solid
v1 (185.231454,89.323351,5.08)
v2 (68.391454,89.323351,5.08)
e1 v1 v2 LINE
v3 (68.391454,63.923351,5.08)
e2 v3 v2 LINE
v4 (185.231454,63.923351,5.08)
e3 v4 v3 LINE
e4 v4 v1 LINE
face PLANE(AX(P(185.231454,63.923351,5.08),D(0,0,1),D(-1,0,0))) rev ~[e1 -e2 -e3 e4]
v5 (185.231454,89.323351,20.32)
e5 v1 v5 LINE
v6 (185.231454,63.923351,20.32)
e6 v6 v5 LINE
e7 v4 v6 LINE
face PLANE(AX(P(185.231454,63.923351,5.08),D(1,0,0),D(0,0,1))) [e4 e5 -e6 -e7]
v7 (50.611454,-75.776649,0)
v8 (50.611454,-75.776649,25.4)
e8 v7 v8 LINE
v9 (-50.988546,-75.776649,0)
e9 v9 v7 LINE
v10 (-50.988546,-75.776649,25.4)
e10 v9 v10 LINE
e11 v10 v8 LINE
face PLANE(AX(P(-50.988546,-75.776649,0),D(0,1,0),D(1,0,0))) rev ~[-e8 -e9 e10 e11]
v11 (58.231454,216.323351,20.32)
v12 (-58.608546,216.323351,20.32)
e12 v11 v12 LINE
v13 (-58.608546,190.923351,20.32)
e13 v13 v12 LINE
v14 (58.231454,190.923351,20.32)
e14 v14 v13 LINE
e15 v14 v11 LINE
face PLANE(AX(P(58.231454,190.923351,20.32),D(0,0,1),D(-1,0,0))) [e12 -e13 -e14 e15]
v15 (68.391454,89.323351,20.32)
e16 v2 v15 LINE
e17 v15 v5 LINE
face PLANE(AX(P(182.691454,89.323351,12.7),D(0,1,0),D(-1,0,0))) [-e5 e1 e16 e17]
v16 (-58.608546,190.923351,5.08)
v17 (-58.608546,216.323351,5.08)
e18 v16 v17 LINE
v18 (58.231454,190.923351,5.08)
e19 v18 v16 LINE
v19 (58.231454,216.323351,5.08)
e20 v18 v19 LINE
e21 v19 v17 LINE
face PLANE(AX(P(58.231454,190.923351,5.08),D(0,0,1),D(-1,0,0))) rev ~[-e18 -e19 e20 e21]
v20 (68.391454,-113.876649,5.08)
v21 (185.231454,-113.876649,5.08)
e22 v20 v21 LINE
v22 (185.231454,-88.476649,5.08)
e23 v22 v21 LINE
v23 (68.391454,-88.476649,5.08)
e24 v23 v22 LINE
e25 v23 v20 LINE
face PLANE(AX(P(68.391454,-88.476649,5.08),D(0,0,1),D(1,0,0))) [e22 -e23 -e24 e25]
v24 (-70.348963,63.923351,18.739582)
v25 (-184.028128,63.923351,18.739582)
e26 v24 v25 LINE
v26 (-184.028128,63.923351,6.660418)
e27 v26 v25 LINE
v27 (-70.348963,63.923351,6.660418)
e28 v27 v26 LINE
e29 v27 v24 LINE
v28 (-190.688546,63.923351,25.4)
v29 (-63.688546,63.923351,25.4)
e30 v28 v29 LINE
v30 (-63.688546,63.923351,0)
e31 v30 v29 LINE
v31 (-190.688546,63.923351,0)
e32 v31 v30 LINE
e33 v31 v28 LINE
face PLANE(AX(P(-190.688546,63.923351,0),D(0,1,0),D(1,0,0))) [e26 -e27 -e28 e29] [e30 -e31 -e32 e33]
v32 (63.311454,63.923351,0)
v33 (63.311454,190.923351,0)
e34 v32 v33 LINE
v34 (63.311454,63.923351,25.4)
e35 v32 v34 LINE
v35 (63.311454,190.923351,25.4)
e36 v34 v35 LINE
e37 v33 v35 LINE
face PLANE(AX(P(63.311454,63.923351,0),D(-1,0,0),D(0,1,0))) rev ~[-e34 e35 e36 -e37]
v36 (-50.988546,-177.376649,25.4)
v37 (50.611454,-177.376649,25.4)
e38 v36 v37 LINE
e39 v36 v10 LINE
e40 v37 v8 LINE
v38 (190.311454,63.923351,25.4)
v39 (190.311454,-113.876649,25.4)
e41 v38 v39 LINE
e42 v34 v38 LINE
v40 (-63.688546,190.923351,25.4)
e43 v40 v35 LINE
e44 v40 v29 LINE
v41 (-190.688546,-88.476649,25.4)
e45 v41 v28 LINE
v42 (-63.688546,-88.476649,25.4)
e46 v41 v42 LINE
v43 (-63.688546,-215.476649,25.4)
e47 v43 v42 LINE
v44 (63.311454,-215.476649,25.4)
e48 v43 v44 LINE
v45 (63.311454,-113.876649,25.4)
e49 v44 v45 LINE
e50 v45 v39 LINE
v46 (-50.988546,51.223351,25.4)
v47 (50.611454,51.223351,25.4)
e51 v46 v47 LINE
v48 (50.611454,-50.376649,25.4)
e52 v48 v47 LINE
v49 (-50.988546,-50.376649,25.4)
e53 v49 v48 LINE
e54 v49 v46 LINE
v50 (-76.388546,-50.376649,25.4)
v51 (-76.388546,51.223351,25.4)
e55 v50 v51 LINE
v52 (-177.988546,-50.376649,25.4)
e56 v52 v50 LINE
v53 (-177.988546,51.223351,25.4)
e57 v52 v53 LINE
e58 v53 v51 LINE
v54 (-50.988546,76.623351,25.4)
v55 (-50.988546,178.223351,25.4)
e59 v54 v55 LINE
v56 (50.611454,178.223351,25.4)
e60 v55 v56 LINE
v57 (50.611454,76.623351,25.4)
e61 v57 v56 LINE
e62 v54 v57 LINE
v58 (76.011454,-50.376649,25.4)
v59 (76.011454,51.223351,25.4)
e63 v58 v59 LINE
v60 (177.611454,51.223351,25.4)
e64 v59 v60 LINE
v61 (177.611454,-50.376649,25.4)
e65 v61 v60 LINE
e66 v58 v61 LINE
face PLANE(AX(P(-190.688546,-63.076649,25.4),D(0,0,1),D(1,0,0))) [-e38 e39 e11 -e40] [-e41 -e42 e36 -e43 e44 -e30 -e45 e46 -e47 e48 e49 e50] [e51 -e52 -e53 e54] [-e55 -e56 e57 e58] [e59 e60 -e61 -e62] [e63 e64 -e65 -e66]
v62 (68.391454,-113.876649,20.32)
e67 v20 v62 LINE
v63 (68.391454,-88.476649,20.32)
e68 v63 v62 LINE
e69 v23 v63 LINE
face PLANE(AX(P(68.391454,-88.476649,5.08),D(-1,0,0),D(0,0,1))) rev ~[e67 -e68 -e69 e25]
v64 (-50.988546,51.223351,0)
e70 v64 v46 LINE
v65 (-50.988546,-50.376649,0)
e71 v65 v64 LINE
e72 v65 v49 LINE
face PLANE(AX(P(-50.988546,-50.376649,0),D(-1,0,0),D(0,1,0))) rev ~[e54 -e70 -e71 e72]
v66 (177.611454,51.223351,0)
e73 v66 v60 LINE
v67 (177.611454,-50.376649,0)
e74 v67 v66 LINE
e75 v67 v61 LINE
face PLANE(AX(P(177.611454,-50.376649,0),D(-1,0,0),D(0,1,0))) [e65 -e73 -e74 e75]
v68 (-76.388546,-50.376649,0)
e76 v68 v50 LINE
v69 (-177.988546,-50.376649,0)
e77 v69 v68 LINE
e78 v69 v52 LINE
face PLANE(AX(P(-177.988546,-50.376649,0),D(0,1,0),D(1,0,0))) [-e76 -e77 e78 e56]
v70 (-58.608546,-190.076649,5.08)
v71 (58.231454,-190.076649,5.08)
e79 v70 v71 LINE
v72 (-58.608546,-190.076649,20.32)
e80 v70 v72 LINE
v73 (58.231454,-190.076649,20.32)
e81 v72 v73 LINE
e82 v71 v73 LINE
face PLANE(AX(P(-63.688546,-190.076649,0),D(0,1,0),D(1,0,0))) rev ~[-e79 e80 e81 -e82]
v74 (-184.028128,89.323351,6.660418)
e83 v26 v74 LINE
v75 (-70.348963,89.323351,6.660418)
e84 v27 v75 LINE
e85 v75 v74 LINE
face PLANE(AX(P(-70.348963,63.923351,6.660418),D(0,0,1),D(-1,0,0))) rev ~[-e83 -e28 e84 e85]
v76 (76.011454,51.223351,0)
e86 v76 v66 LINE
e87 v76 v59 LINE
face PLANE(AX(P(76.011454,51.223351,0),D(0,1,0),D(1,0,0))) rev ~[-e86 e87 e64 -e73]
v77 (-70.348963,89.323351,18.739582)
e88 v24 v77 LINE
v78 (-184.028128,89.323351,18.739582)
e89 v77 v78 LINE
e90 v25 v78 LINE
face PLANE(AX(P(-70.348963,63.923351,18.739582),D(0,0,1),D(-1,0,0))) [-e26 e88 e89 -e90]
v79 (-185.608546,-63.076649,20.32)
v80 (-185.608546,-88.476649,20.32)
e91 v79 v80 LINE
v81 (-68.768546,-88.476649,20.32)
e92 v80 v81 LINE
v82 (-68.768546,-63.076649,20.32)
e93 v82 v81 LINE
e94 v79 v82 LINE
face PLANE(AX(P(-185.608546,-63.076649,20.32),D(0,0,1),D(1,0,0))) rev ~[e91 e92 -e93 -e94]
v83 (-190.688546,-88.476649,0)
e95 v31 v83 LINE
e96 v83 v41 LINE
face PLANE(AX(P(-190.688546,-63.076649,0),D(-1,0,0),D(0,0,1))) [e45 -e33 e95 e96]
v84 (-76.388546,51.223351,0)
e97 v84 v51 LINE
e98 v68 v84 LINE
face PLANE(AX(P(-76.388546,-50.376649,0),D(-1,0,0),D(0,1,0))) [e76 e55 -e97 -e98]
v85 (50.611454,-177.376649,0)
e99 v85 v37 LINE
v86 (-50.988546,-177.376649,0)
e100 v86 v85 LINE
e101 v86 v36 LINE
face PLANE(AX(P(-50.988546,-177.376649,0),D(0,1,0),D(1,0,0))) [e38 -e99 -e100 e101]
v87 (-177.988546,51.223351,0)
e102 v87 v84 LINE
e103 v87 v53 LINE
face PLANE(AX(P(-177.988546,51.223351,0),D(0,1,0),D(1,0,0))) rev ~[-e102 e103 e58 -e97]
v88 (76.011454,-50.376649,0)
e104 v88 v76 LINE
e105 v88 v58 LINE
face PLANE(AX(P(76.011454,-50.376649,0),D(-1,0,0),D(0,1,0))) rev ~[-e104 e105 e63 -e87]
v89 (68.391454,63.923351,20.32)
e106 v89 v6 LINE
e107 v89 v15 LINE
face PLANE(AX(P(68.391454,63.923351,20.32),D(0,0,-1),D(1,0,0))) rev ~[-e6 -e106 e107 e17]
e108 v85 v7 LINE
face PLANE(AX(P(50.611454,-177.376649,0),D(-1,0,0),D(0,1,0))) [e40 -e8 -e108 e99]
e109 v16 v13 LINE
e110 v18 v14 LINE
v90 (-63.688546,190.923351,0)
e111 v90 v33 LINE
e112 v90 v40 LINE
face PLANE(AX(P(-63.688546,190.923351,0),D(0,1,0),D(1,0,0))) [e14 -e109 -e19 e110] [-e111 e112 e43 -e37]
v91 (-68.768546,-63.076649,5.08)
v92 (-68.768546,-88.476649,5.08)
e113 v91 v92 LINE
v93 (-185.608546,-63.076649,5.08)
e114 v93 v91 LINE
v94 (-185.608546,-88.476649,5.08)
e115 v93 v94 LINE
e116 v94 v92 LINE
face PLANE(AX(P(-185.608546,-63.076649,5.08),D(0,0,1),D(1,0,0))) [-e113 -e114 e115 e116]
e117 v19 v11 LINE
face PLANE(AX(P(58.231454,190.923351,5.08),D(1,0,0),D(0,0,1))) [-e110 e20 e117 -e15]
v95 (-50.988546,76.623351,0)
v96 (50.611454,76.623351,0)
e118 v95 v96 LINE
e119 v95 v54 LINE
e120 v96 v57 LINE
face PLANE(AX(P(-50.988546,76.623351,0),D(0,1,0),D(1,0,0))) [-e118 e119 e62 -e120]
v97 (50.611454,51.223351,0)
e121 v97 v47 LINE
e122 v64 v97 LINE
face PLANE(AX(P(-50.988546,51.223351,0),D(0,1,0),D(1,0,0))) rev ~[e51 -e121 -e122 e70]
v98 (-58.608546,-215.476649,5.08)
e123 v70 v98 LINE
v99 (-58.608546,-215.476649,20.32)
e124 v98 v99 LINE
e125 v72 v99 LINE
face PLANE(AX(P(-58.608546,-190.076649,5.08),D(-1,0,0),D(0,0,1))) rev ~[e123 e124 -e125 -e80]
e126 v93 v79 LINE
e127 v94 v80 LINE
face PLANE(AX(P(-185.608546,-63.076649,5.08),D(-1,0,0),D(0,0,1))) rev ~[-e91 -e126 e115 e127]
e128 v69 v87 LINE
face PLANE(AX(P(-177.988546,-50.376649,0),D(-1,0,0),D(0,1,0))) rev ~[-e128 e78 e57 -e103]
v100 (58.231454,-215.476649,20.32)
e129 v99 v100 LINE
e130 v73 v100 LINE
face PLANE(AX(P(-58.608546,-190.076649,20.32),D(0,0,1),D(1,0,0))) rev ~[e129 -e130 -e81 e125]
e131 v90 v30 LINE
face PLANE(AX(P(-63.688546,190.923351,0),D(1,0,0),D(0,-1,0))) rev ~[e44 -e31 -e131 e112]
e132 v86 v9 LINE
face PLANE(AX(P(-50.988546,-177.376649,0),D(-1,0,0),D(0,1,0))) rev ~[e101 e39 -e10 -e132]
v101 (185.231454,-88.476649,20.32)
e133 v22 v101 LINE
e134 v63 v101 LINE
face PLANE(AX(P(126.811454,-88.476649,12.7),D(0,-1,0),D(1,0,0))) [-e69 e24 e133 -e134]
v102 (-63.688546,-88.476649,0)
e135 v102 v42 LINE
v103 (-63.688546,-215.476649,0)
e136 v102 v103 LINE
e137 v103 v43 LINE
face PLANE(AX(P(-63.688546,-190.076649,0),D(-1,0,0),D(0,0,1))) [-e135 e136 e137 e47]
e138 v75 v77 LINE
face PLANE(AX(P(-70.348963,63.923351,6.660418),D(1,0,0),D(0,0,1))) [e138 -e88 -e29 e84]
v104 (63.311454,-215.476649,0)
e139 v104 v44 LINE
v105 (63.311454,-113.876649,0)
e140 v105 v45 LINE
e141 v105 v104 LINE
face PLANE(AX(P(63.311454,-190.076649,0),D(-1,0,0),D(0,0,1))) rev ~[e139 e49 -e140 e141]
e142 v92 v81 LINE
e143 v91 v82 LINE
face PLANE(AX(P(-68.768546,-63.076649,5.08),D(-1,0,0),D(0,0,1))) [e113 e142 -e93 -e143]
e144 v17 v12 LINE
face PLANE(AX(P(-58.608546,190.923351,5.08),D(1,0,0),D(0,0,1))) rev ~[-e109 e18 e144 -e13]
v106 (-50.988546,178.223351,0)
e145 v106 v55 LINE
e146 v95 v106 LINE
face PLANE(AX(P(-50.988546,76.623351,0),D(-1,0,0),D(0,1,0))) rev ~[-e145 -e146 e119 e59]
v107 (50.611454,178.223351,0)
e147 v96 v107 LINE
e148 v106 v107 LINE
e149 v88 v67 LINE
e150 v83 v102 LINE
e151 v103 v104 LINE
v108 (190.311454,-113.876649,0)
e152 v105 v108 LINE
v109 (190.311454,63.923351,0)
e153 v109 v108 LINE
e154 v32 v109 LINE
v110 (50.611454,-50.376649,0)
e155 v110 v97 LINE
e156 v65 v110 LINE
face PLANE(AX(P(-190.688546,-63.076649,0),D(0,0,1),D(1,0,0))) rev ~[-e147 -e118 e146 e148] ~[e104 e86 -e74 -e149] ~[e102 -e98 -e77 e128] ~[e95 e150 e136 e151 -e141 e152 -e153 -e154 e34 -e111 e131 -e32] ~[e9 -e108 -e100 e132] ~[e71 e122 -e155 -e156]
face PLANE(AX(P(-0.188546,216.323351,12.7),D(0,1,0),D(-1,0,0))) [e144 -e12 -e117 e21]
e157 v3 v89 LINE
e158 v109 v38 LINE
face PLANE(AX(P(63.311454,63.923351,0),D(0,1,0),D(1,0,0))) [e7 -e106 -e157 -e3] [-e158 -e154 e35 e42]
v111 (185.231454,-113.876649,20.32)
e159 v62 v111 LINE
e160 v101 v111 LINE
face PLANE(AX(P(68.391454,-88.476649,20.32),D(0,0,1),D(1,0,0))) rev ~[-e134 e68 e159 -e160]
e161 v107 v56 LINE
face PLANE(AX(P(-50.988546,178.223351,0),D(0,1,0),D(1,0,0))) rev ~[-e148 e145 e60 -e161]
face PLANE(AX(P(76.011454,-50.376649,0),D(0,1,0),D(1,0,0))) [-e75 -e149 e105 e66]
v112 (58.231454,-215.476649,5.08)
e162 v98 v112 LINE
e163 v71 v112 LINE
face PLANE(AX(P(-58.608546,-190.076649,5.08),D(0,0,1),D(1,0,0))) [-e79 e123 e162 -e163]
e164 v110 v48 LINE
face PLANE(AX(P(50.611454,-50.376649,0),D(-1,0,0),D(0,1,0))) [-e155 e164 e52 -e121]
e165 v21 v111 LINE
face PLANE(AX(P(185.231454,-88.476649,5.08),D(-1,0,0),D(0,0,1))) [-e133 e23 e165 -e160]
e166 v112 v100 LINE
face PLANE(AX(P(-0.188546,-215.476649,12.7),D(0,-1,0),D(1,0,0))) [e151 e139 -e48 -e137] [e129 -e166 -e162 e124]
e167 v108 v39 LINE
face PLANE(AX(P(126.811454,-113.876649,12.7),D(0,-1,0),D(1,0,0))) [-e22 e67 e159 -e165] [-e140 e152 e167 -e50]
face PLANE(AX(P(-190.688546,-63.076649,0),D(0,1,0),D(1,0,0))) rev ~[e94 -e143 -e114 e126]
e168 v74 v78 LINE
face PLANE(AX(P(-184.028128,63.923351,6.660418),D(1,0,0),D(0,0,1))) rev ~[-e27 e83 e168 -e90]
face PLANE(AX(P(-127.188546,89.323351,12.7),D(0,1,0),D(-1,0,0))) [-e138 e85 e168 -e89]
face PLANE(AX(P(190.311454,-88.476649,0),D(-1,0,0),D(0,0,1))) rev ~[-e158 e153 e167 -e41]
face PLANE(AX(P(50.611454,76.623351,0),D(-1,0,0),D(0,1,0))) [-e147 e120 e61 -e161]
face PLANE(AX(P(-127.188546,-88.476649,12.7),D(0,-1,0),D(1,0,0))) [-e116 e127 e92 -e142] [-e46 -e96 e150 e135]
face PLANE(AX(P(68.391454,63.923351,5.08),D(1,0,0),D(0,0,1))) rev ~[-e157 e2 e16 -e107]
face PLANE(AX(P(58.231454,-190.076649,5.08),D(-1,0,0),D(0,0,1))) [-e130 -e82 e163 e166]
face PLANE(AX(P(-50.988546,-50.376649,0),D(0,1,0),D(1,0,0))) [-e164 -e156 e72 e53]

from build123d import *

# Parameters (mm, degrees)
F0_W      = 127
F0_H      = 127
F0_W_2    = 101.6
F0_H_2    = 101.6
F1_DEPTH  = 25.4
F2_W      = 116.84
F2_H      = 15.24
F3_DEPTH  = 25.4
F5_W      = 113.6791649616
F5_H      = 12.0791649616
F6_DEPTH  = 25.4
F7_W      = 5.08
F7_H      = 15.24
F7_W_2    = 111.76
F8_DEPTH  = 25.4
F9_W      = 127
F9_H      = 25.4
F9_W_2    = 116.84
F9_H_2    = 15.24
F10_DEPTH = 25.4
F11_W     = 127
F11_H     = 25.4
F11_W_2   = 116.84
F11_H_2   = 15.24
F12_DEPTH = 25.4
F13_W     = 127
F13_H     = 25.4
F13_W_2   = 116.84
F13_H_2   = 15.24
F14_DEPTH = 25.4
F15_W     = 127
F15_H     = 25.4
F15_W_2   = 116.84
F15_H_2   = 15.24
F16_DEPTH = 25.4


with BuildPart() as f1:
    # F0 (on Top) → F1 (new body)
    with BuildSketch(Plane.XY):
        with Locations((-0.1885456222, 127.423350506)):
            Rectangle(F0_W, F0_H)
        with Locations((-0.1885456222, 127.423350506)):
            Rectangle(F0_W_2, F0_H_2, mode=Mode.SUBTRACT)
        with Locations((-0.1885456222, 0.423350506)):
            Rectangle(F0_W, F0_H)
        with Locations((-0.1885456222, 0.423350506)):
            Rectangle(F0_W_2, F0_H_2, mode=Mode.SUBTRACT)
        with Locations((-127.1885456222, 0.423350506)):
            Rectangle(F0_W, F0_H)
        with Locations((-127.1885456222, 0.423350506)):
            Rectangle(F0_W_2, F0_H_2, mode=Mode.SUBTRACT)
        with Locations((126.8114543778, 0.423350506)):
            Rectangle(F0_W, F0_H)
        with Locations((126.8114543778, 0.423350506)):
            Rectangle(F0_W_2, F0_H_2, mode=Mode.SUBTRACT)
        with Locations((-0.1885456222, -126.576649494)):
            Rectangle(F0_W, F0_H)
        with Locations((-0.1885456222, -126.576649494)):
            Rectangle(F0_W_2, F0_H_2, mode=Mode.SUBTRACT)
    extrude(amount=F1_DEPTH)

    # F2 (on face) → F3 (join)
    with BuildSketch(Plane(origin=(0, 190.923350506, 0), x_dir=(-1, 0, 0), z_dir=(0, 1, 0))):
        with Locations((0.1885456222, 12.7)):
            Rectangle(F2_W, F2_H)
    extrude(amount=F3_DEPTH)

    # F5 (on face) → F6 (join)
    with BuildSketch(Plane(origin=(0, 63.923350506, 0), x_dir=(-1, 0, 0), z_dir=(0, 1, 0))):
        with Locations((127.1885456222, 12.7)):
            Rectangle(F5_W, F5_H)
    extrude(amount=F6_DEPTH)

    # F7 (on face) → F8 (join)
    with BuildSketch(Plane(origin=(0, 63.923350506, 0), x_dir=(-1, 0, 0), z_dir=(0, 1, 0))):
        with Locations((-182.6914543778, 12.7)):
            Rectangle(F7_W, F7_H)
        with Locations((-124.2714543778, 12.7)):
            Rectangle(F7_W_2, F7_H)
    extrude(amount=F8_DEPTH)

    # F9 (on face) → F10 (join)
    with BuildSketch(Plane.XZ.offset(63.076649494)):
        with Locations((126.8114543778, 12.7)):
            Rectangle(F9_W, F9_H)
        with Locations((126.8114543778, 12.7)):
            Rectangle(F9_W_2, F9_H_2, mode=Mode.SUBTRACT)
        with Locations((126.8114543778, 12.7)):
            Rectangle(F9_W_2, F9_H_2)
    extrude(amount=F10_DEPTH)

    # F11 (on face) → F12 (join)
    with BuildSketch(Plane.XZ.offset(88.476649494)):
        with Locations((126.8114543778, 12.7)):
            Rectangle(F11_W, F11_H)
        with Locations((126.8114543778, 12.7)):
            Rectangle(F11_W_2, F11_H_2, mode=Mode.SUBTRACT)
    extrude(amount=F12_DEPTH)

    # F13 (on face) → F14 (join)
    with BuildSketch(Plane.XZ.offset(190.076649494)):
        with Locations((-0.1885456222, 12.7)):
            Rectangle(F13_W, F13_H)
        with Locations((-0.1885456222, 12.7)):
            Rectangle(F13_W_2, F13_H_2, mode=Mode.SUBTRACT)
    extrude(amount=F14_DEPTH)

    # F15 (on face) → F16 (join)
    with BuildSketch(Plane.XZ.offset(63.076649494)):
        with Locations((-127.1885456222, 12.7)):
            Rectangle(F15_W, F15_H)
        with Locations((-127.1885456222, 12.7)):
            Rectangle(F15_W_2, F15_H_2, mode=Mode.SUBTRACT)
    extrude(amount=F16_DEPTH)


solid = f1.part
